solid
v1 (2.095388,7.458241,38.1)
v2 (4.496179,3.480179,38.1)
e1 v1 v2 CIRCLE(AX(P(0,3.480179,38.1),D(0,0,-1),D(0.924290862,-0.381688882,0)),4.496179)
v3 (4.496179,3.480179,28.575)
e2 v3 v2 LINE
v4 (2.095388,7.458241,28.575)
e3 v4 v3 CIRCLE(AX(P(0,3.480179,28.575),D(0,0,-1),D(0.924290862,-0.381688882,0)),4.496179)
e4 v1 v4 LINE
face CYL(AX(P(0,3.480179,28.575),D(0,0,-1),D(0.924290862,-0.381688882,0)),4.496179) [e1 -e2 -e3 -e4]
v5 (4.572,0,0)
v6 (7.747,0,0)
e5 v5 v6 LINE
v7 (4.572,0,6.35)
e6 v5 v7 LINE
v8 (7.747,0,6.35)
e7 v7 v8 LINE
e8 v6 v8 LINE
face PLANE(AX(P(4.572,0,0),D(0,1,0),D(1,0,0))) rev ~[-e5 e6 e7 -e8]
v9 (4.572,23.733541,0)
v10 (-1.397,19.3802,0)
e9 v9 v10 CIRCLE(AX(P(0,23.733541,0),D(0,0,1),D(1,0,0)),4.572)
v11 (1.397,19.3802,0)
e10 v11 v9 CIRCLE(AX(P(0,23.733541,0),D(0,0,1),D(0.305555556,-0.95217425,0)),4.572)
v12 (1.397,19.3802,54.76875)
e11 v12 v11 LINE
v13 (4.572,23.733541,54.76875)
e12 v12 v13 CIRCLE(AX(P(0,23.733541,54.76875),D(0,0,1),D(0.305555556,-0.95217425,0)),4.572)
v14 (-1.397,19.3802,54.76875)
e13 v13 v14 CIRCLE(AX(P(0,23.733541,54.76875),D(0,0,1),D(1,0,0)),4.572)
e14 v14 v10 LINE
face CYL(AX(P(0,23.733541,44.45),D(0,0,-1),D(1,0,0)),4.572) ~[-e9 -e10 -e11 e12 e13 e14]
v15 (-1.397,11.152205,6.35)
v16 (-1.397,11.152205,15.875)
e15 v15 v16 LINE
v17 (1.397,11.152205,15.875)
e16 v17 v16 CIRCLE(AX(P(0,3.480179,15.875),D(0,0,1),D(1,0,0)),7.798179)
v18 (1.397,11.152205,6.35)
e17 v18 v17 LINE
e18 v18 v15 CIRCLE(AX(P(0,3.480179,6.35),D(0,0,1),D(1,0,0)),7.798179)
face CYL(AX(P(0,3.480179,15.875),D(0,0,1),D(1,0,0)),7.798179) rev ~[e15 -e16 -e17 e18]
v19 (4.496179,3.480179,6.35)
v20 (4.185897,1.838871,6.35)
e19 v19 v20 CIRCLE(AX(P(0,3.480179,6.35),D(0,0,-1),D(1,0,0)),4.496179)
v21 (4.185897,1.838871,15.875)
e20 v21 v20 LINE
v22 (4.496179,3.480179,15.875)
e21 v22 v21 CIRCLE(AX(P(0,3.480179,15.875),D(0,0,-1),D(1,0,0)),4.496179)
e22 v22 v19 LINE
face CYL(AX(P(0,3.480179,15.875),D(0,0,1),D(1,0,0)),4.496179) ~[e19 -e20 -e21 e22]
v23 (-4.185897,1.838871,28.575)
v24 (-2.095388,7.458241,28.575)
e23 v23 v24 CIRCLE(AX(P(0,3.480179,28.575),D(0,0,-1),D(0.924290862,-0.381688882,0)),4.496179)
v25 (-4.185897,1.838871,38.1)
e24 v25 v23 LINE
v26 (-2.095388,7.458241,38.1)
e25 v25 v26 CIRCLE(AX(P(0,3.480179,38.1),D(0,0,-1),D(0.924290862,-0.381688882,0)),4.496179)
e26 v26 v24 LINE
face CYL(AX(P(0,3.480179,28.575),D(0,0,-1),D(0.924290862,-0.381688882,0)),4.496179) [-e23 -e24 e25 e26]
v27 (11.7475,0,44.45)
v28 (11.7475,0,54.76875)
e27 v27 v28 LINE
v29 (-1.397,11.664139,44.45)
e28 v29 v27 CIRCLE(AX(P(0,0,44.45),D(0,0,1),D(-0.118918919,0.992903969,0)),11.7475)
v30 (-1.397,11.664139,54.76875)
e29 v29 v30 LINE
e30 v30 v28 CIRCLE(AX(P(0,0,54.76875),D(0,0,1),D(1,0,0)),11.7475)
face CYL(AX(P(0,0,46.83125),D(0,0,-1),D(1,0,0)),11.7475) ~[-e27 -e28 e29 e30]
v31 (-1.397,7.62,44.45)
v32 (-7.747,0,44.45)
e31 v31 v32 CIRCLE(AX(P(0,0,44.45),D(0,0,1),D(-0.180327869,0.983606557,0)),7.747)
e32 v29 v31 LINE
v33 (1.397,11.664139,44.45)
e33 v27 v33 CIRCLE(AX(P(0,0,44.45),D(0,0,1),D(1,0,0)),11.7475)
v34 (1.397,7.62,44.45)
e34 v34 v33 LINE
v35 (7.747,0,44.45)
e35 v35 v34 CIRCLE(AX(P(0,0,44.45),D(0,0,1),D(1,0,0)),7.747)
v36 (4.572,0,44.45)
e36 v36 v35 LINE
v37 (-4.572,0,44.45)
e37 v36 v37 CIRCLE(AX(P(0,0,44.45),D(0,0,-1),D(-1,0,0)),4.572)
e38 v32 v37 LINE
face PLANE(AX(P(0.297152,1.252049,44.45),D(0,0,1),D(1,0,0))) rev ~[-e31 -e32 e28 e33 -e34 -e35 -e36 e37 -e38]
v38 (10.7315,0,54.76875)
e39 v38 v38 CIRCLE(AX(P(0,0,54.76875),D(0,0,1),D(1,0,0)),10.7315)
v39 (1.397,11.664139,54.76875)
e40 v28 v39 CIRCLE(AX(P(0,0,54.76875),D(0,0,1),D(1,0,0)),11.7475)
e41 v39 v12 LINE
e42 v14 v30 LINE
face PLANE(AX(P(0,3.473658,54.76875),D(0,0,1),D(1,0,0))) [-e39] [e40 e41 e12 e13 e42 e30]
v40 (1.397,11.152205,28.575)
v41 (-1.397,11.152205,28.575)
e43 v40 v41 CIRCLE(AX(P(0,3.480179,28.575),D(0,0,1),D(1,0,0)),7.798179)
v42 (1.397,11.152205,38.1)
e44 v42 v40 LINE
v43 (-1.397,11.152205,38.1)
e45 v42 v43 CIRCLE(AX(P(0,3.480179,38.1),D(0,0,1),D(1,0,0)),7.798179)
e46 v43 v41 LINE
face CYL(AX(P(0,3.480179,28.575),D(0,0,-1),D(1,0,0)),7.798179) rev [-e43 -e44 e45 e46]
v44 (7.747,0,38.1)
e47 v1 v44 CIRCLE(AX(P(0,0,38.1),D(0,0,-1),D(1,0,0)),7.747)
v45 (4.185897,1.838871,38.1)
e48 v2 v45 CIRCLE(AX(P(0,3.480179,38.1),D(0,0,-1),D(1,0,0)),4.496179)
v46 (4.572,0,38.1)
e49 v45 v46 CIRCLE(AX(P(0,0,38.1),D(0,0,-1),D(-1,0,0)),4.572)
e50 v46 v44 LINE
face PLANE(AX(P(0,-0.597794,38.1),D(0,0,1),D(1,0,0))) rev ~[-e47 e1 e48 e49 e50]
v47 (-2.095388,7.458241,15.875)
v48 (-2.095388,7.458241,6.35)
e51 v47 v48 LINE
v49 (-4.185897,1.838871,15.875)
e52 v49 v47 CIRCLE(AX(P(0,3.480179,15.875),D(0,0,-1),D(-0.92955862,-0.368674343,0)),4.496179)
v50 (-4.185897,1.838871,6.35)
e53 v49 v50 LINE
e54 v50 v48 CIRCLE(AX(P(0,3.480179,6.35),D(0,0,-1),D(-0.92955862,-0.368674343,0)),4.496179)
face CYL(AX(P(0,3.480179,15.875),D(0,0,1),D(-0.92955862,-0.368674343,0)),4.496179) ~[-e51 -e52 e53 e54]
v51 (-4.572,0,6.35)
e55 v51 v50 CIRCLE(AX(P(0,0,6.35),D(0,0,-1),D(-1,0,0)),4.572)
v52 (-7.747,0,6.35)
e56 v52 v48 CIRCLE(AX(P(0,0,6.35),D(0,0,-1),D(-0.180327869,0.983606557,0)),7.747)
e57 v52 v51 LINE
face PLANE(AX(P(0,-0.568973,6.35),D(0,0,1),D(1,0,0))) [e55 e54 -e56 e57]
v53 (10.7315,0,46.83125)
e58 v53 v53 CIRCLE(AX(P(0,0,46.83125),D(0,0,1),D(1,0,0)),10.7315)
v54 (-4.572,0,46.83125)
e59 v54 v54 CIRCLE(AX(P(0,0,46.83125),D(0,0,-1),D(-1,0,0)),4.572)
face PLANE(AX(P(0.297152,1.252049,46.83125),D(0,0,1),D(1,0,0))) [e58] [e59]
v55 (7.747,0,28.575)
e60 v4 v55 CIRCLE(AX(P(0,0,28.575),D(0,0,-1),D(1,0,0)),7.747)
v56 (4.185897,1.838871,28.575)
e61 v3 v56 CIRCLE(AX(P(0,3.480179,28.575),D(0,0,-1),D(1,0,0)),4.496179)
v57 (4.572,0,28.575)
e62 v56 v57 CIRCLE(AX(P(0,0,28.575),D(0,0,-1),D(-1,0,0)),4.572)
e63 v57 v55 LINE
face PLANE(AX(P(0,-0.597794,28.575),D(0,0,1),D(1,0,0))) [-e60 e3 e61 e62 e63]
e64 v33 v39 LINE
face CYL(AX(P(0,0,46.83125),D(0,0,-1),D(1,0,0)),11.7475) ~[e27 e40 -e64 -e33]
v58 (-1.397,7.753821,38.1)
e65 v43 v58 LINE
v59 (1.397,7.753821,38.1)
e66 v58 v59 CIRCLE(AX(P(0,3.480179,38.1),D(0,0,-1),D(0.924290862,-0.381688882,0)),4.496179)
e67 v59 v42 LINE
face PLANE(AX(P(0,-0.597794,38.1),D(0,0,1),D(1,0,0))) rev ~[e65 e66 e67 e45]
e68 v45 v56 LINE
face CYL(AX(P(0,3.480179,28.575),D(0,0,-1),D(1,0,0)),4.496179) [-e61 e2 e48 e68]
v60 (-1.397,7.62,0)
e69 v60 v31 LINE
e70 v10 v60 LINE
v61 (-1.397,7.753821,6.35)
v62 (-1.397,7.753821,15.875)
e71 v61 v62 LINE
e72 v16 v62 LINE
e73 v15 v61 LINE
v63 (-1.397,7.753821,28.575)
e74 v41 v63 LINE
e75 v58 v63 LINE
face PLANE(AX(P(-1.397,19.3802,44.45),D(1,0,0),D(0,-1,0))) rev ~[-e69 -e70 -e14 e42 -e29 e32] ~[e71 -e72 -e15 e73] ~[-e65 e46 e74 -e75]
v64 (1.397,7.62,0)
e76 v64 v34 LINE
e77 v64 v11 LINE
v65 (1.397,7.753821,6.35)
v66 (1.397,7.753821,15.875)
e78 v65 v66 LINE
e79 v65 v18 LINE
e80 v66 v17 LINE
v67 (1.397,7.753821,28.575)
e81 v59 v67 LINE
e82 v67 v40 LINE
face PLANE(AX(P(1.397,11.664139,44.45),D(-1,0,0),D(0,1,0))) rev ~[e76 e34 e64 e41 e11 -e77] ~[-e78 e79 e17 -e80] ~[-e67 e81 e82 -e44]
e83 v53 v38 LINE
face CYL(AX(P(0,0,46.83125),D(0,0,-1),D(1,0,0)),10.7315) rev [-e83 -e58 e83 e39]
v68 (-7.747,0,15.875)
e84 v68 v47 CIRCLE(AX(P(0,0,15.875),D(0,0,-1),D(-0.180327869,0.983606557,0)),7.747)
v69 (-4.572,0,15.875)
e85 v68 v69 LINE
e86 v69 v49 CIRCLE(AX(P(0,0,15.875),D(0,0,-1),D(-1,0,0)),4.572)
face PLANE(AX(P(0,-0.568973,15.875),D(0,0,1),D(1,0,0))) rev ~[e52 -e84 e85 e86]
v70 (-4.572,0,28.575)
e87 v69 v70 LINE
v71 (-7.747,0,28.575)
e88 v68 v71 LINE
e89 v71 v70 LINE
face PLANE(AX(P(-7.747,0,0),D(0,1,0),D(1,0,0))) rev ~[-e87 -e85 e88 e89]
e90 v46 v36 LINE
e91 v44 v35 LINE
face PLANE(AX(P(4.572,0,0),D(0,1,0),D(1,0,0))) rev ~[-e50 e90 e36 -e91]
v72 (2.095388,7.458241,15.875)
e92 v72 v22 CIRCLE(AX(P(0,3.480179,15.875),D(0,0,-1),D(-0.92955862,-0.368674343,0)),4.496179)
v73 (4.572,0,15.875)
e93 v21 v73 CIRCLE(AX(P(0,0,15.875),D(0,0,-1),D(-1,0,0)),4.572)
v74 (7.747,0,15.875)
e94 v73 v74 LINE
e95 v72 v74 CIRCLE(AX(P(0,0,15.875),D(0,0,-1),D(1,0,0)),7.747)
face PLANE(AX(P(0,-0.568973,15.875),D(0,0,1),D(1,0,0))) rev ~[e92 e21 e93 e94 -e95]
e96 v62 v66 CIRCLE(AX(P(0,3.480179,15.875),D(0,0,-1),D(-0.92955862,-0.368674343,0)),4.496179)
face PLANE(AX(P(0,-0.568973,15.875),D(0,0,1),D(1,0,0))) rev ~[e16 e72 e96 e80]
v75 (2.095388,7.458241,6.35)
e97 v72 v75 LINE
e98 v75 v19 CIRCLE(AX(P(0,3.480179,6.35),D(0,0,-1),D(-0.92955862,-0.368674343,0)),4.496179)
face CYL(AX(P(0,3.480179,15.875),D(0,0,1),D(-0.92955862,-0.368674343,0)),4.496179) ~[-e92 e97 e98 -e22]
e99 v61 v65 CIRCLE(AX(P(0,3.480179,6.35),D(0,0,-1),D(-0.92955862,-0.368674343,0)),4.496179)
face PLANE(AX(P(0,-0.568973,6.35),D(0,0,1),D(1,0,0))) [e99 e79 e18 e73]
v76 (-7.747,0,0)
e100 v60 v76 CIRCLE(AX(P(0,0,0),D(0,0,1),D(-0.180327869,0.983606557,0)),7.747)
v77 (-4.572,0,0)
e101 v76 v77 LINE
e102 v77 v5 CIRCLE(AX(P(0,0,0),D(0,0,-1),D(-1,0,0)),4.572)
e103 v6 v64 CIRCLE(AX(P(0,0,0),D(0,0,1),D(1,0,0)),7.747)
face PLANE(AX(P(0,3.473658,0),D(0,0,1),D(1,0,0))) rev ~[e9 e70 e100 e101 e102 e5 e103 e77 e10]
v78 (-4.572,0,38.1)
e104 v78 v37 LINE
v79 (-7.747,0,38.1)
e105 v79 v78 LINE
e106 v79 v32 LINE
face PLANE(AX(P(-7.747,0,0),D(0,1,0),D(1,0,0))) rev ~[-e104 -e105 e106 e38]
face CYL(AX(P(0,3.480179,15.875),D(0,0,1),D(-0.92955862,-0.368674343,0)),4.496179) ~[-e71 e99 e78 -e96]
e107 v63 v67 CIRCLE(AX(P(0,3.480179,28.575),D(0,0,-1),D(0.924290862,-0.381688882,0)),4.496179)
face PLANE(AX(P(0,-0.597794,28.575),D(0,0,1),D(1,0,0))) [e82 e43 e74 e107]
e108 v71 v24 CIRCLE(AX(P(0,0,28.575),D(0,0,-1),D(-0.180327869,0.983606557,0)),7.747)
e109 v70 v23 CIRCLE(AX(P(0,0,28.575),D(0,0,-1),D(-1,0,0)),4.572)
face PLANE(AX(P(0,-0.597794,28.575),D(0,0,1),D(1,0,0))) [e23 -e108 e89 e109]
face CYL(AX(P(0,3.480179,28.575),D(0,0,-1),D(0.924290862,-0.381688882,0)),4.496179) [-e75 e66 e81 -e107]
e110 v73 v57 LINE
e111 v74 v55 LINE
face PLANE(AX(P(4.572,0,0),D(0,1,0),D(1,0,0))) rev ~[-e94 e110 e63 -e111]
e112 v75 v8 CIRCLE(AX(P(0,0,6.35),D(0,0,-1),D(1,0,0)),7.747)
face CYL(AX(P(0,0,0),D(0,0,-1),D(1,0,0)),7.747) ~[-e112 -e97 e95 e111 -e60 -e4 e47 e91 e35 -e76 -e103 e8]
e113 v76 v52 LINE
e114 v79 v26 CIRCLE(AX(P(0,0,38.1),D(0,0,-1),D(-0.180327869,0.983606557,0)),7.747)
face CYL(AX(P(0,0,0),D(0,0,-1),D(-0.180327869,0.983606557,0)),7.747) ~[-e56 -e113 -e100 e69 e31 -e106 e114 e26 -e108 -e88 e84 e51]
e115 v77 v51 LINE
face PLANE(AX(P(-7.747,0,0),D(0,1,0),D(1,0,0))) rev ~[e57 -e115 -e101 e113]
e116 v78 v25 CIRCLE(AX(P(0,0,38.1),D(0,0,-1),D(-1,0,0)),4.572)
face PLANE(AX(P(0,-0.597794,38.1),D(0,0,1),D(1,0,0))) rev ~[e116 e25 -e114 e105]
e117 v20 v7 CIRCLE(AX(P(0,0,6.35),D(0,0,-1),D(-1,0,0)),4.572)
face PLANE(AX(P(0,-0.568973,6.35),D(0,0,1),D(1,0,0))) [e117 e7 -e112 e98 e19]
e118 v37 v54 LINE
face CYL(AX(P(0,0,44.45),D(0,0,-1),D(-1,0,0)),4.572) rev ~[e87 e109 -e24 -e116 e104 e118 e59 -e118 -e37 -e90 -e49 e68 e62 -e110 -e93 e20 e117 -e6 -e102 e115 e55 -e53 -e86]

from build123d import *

# Parameters (mm, degrees)
F1_DEPTH  = 44.45
F9_DEPTH  = 9.525
F10_DEPTH = 9.525
F12_DEPTH = 2.38125
F13_R     = 11.7475
F13_R_2   = 10.7315
F14_DEPTH = 7.9375
F15_DEPTH = 10.31875


with BuildPart() as f1:
    # F0 (on Top) → F1 (new body)
    with BuildSketch(Plane.XY):
        with BuildLine():
            ThreePointArc((-4.572, 0), (0, 4.572), (4.572, 0))
            Line((4.572, 0), (7.747, 0))
            ThreePointArc((7.747, 0), (5.951410253, 4.9595085442), (1.397, 7.62))
            ThreePointArc((1.397, 7.62), (0, 7.747), (-1.397, 7.62))
            ThreePointArc((-1.397, 7.62), (-5.951410253, 4.9595085442), (-7.747, 0))
            Line((-7.747, 0), (-4.572, 0))
        make_face()
        with BuildLine():
            ThreePointArc((-1.397, 7.62), (0, 7.747), (1.397, 7.62))
            Line((1.397, 7.62), (1.397, 19.3802))
            ThreePointArc((1.397, 19.3802), (0, 19.1615406713), (-1.397, 19.3802))
            Line((-1.397, 19.3802), (-1.397, 7.62))
        make_face()
        with BuildLine():
            ThreePointArc((-1.397, 19.3802), (0, 19.1615406713), (1.397, 19.3802))
            ThreePointArc((1.397, 19.3802), (3.6939320514, 21.0394638349), (4.572, 23.7335406713))
            ThreePointArc((4.572, 23.7335406713), (-2.6940768363, 27.4274727226), (-1.397, 19.3802))
        make_face()
    extrude(amount=F1_DEPTH)

    # F6 (on offset) → F9 (cut)
    with BuildSketch(Plane.XY.offset(28.575)):
        with BuildLine():
            ThreePointArc((4.1557772601, 1.7640375299), (0, -1.016), (-4.1557772601, 1.7640375299))
            Line((-4.1557772601, 1.7640375299), (-7.6070004234, 1.7640375299))
            ThreePointArc((-7.6070004234, 1.7640375299), (0, -4.318), (7.6070004234, 1.7640375299))
            Line((7.6070004234, 1.7640375299), (4.1557772601, 1.7640375299))
        make_face()
        with BuildLine():
            ThreePointArc((-4.1557772601, 1.7640375299), (-0.8747878771, 7.8904367738), (4.4961791045, 3.4801791045))
            ThreePointArc((4.4961791045, 3.4801791045), (4.4102576693, 2.6053912274), (4.1557772601, 1.7640375299))
            Line((4.1557772601, 1.7640375299), (7.6070004234, 1.7640375299))
            ThreePointArc((7.6070004234, 1.7640375299), (7.750237064, 2.6168003938), (7.7981791045, 3.4801791045))
            ThreePointArc((7.7981791045, 3.4801791045), (-0.8633787106, 11.2304161684), (-7.6070004234, 1.7640375299))
            Line((-7.6070004234, 1.7640375299), (-4.1557772601, 1.7640375299))
        make_face()
        with BuildLine():
            ThreePointArc((7.6070004234, 1.7640375299), (0, -4.318), (-7.6070004234, 1.7640375299))
            Line((-7.6070004234, 1.7640375299), (-8.4216929972, 1.7640375299))
            Line((-8.4216929972, 1.7640375299), (-8.4216929972, -6.3198274001))
            Line((-8.4216929972, -6.3198274001), (11.7628639564, -6.3198274001))
            Line((11.7628639564, -6.3198274001), (11.7628639564, 1.7640375299))
            Line((11.7628639564, 1.7640375299), (7.6070004234, 1.7640375299))
        make_face()
    extrude(amount=F9_DEPTH, mode=Mode.SUBTRACT)

    # F8 (on offset) → F10 (cut)
    with BuildSketch(Plane.XY.offset(15.875)):
        with BuildLine():
            ThreePointArc((4.179462045, 1.8225532258), (0, -1.016), (-4.179462045, 1.8225532258))
            Line((-4.179462045, 1.8225532258), (-7.6199654718, 1.8225532258))
            ThreePointArc((-7.6199654718, 1.8225532258), (0, -4.318), (7.6199654718, 1.8225532258))
            Line((7.6199654718, 1.8225532258), (4.179462045, 1.8225532258))
        make_face()
        with BuildLine():
            ThreePointArc((-4.179462045, 1.8225532258), (-0.8438058499, 7.8964692022), (4.4961791045, 3.4801791045))
            ThreePointArc((4.4961791045, 3.4801791045), (4.4162900977, 2.6363732546), (4.179462045, 1.8225532258))
            Line((4.179462045, 1.8225532258), (7.6199654718, 1.8225532258))
            ThreePointArc((7.6199654718, 1.8225532258), (7.7534976902, 2.6465899292), (7.7981791045, 3.4801791045))
            ThreePointArc((7.7981791045, 3.4801791045), (-0.8335891753, 11.2336767947), (-7.6199654718, 1.8225532258))
            Line((-7.6199654718, 1.8225532258), (-4.179462045, 1.8225532258))
        make_face()
        with BuildLine():
            ThreePointArc((7.6199654718, 1.8225532258), (0, -4.318), (-7.6199654718, 1.8225532258))
            Line((-7.6199654718, 1.8225532258), (-8.5849482566, 1.8225532258))
            Line((-8.5849482566, 1.8225532258), (-8.5849482566, -5.9901881032))
            Line((-8.5849482566, -5.9901881032), (8.4006469697, -5.9901881032))
            Line((8.4006469697, -5.9901881032), (8.4006469697, 1.8225532258))
            Line((8.4006469697, 1.8225532258), (7.6199654718, 1.8225532258))
        make_face()
    extrude(amount=-F10_DEPTH, mode=Mode.SUBTRACT)

    # F11 (on face) → F12 (join)
    with BuildSketch(Plane.XY.offset(44.45)):
        with BuildLine():
            ThreePointArc((-1.397, 11.6641393703), (-7.7971949684, -8.7867802337), (11.7475, 0))
            ThreePointArc((11.7475, 0), (8.7867802337, 7.7971949684), (1.397, 11.6641393703))
            Line((1.397, 11.6641393703), (1.397, 7.62))
            ThreePointArc((1.397, 7.62), (5.951410253, 4.9595085442), (7.747, 0))
            Line((7.747, 0), (4.572, 0))
            ThreePointArc((4.572, 0), (0, -4.572), (-4.572, 0))
            Line((-4.572, 0), (-7.747, 0))
            ThreePointArc((-7.747, 0), (-5.951410253, 4.9595085442), (-1.397, 7.62))
            Line((-1.397, 7.62), (-1.397, 11.6641393703))
        make_face()
        with BuildLine():
            Line((1.397, 7.62), (1.397, 11.6641393703))
            ThreePointArc((1.397, 11.6641393703), (0, 11.7475), (-1.397, 11.6641393703))
            Line((-1.397, 11.6641393703), (-1.397, 7.62))
            ThreePointArc((-1.397, 7.62), (-5.951410253, 4.9595085442), (-7.747, 0))
            Line((-7.747, 0), (-4.572, 0))
            ThreePointArc((-4.572, 0), (0, 4.572), (4.572, 0))
            Line((4.572, 0), (7.747, 0))
            ThreePointArc((7.747, 0), (5.951410253, 4.9595085442), (1.397, 7.62))
        make_face()
    extrude(amount=F12_DEPTH)

    # F13 (on face) → F14 (join)
    with BuildSketch(Plane.XY.offset(46.83125)):
        Circle(F13_R)
        Circle(F13_R_2, mode=Mode.SUBTRACT)
    extrude(amount=F14_DEPTH)

    # F15 (add, through all): a face of the model
    f15_faces = [f1.faces().sort_by_distance(p)[0] for p in [
        (0, 21.7334038121, 44.45),
    ]]
    extrude(f15_faces, amount=F15_DEPTH)


solid = f1.part
